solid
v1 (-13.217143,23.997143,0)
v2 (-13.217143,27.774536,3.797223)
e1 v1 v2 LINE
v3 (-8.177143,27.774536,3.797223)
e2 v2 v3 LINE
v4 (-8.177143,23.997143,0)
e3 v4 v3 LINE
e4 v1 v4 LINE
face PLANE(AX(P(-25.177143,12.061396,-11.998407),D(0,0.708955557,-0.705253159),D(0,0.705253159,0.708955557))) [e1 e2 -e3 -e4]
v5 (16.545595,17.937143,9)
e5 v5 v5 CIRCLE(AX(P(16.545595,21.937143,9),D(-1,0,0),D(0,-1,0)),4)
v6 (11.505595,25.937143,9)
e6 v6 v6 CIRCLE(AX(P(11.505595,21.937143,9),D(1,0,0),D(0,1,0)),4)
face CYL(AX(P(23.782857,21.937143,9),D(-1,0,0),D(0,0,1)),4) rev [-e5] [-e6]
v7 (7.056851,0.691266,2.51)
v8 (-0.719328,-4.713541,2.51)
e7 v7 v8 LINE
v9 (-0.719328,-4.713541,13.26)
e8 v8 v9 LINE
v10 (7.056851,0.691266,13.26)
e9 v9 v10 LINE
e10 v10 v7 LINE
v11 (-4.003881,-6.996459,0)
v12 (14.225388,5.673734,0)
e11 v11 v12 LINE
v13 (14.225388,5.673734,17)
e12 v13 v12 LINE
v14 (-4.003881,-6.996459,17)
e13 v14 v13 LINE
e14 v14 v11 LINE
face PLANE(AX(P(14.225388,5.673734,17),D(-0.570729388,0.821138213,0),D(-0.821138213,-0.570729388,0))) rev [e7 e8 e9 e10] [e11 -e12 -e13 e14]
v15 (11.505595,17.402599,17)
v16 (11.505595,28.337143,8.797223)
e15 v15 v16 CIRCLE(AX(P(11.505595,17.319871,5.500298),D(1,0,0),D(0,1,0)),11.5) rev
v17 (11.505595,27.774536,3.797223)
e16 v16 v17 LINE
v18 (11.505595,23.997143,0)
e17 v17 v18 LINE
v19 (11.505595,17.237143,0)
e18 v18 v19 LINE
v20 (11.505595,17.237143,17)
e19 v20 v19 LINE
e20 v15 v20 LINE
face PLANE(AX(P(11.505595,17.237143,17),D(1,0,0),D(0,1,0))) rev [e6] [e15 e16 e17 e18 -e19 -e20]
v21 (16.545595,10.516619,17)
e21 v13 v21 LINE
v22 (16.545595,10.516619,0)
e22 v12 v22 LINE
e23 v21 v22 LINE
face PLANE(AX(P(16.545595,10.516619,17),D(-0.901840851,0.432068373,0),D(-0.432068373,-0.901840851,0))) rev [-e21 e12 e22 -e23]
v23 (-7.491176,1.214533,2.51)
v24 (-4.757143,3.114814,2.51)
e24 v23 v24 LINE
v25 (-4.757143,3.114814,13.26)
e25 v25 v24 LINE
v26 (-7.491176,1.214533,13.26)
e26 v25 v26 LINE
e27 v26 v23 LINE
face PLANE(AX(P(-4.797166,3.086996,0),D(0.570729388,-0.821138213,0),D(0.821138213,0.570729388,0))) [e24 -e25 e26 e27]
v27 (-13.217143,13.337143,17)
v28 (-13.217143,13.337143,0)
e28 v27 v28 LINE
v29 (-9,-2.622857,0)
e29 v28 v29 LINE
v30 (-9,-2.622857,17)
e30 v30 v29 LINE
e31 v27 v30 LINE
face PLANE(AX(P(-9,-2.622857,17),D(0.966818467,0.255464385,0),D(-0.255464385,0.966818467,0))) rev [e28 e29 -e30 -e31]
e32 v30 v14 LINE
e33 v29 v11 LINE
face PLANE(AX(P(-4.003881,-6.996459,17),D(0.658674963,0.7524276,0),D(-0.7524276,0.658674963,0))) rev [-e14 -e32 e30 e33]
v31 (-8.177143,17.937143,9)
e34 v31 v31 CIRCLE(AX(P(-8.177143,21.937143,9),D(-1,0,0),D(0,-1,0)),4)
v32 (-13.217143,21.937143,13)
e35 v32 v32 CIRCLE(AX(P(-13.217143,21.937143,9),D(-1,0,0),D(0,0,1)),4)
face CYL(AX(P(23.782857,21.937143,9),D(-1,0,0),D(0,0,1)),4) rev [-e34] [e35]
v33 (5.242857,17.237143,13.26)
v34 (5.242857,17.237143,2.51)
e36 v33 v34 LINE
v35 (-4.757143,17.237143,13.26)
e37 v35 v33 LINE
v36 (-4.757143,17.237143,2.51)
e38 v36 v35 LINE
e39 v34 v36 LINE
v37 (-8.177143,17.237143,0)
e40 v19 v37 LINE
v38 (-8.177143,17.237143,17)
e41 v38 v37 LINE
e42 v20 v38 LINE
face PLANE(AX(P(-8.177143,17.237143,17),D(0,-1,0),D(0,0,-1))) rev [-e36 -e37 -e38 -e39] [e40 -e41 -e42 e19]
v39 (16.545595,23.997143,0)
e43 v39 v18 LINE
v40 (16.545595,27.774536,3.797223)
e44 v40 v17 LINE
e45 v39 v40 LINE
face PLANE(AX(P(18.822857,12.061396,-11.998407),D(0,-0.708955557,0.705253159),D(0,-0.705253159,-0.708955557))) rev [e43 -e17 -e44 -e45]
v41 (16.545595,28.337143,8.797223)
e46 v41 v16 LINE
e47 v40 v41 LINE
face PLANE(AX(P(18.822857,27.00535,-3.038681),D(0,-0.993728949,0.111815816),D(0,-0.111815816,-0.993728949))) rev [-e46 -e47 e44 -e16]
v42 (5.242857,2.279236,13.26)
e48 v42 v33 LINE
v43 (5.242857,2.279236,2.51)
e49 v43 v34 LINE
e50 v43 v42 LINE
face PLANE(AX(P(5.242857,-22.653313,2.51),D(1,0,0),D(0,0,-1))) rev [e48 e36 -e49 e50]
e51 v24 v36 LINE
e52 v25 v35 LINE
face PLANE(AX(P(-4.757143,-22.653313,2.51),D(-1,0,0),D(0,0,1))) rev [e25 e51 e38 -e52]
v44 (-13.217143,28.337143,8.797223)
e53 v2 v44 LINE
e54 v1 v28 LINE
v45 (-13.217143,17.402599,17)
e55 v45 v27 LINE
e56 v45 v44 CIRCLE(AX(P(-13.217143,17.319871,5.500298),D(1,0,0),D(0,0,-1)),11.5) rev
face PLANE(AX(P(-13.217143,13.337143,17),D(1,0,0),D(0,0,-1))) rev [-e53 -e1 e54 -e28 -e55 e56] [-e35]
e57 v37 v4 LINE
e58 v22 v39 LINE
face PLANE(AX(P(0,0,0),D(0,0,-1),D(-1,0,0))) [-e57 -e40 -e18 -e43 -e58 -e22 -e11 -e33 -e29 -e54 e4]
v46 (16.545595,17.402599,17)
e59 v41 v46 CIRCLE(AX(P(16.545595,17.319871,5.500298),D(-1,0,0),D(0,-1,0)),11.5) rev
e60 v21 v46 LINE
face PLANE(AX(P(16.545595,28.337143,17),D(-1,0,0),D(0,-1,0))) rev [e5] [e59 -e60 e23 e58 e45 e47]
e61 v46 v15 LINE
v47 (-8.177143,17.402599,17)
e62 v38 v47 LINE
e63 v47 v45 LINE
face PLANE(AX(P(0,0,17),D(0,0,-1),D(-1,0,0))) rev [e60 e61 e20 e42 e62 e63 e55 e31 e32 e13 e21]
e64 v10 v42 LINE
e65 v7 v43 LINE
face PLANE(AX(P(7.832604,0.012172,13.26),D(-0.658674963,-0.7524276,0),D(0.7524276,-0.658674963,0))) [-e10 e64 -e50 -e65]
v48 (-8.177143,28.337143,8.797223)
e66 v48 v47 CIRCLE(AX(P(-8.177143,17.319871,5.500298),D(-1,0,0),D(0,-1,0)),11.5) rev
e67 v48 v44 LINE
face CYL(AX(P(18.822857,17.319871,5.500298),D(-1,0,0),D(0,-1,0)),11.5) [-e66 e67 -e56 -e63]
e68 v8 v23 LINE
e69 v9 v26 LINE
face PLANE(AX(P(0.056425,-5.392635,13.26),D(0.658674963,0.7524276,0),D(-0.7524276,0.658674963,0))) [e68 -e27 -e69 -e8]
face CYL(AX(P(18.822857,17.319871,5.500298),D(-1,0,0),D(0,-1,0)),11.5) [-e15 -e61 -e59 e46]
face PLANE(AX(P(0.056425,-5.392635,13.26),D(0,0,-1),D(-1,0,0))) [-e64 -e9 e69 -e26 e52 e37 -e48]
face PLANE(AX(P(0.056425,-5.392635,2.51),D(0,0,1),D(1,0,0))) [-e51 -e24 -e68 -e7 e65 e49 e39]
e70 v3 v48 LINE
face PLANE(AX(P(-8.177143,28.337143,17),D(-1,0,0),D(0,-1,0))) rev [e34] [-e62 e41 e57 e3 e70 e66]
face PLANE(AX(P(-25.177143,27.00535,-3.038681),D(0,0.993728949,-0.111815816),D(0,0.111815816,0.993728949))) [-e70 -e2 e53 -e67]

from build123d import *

# Parameters (mm, degrees)
BOSS_EXTRUDE1_DEPTH     = 17
CUT_EXTRUDE3_DEPTH      = 27
CUT_EXTRUDE3_DEPTH_BACK = 17
SKETCH5_W               = 9.47
SKETCH5_H               = 10.75
CUT_EXTRUDE4_REACH      = 35.912
SKETCH7_W               = 10
SKETCH7_H               = 10.75
SKETCH8_R               = 4
CUT_EXTRUDE5_DEPTH      = 37


with BuildPart() as part:
    # Sketch1 → Boss-Extrude1 (new body)
    with BuildSketch(Plane.XY):
        Polygon((-13.217142857, 28.337142857), (-8.177142857, 28.337142857), (-8.177142857, 17.237142857), (11.505594759, 17.237142857), (11.505594759, 28.337142857), (16.545594759, 28.337142857), (16.545594759, 10.516618894), (14.225387594, 5.673733524), (-4.003880739, -6.9964589), (-9, -2.622857143), (-13.217142857, 13.337142857), align=None)
    extrude(amount=BOSS_EXTRUDE1_DEPTH)

    # Sketch4 → Cut-Extrude3 (cut, two sides: drawn at the far end of the back side and taken through both)
    with BuildSketch(Plane(origin=(-8.177142857, 0, 0), x_dir=(0, 0, -1), z_dir=(1, 0, 0)).offset(-CUT_EXTRUDE3_DEPTH_BACK)):
        with BuildLine():
            Line((-17, 28.337142857), (-17, 17.4025989))
            ThreePointArc((-17, 17.4025989), (-14.6995428, 24.220877118), (-8.797223125, 28.337142857))
            Line((-8.797223125, 28.337142857), (-17, 28.337142857))
        make_face()
        Polygon((-3.797223125, 27.774535639), (0, 23.997142857), (0, 28.337142857), (-8.797223125, 28.337142857), align=None)
    extrude(amount=CUT_EXTRUDE3_DEPTH + CUT_EXTRUDE3_DEPTH_BACK, mode=Mode.SUBTRACT)

    # Cut-Sweep1: sweep along a path in Sketch6
    with BuildLine(Plane.XY.offset(10)) as cut_sweep1_path:
        Line((0.85151547, -3.621731888), (-5.920332926, 2.306342783))
    # Sketch5 → Cut-Sweep1 (sweep, cut)
    with BuildSketch(Plane(origin=(1.974682223, -2.841078565, 0), x_dir=(0.8211382131865097, 0.5707293884538155, 0), z_dir=(0.5707293884538155, -0.8211382131865098, 0))):
        with Locations((1.454175815, 7.885)):
            Rectangle(SKETCH5_W, SKETCH5_H)
    sweep(path=cut_sweep1_path.line, mode=Mode.SUBTRACT)

    # Cut-Extrude4: up to this face of the body (flat: up to its plane)
    cut_extrude4_end = Plane(part.part.faces().sort_by_distance((-4.105252084, -1.749504011, 7.885))[0])
    # Sketch7 → Cut-Extrude4 (cut, up to the picked face)
    with BuildSketch(Plane(origin=(0, 17.237142857, 0), x_dir=(1, 0, 0), z_dir=(0, 1, 0)), mode=Mode.PRIVATE) as cut_extrude4_sk1:
        with Locations((0.242857143, -7.885)):
            Rectangle(SKETCH7_W, SKETCH7_H)
    cut_extrude4_tool1 = split(extrude(cut_extrude4_sk1.sketch, amount=-CUT_EXTRUDE4_REACH, mode=Mode.PRIVATE), bisect_by=cut_extrude4_end, keep=Keep.BOTH, mode=Mode.PRIVATE)
    add(cut_extrude4_tool1.solids().sort_by(Axis((0.242857, 17.237143, 7.885), (0, -1, 0)))[0], mode=Mode.SUBTRACT)

    # Sketch8 → Cut-Extrude5 (cut)
    with BuildSketch(Plane.ZY.offset(13.217142857)):
        with Locations(Location((9, 21.937142857, 0), (0, 0, 90))):
            Circle(SKETCH8_R)
    extrude(amount=-CUT_EXTRUDE5_DEPTH, mode=Mode.SUBTRACT)


solid = part.part
